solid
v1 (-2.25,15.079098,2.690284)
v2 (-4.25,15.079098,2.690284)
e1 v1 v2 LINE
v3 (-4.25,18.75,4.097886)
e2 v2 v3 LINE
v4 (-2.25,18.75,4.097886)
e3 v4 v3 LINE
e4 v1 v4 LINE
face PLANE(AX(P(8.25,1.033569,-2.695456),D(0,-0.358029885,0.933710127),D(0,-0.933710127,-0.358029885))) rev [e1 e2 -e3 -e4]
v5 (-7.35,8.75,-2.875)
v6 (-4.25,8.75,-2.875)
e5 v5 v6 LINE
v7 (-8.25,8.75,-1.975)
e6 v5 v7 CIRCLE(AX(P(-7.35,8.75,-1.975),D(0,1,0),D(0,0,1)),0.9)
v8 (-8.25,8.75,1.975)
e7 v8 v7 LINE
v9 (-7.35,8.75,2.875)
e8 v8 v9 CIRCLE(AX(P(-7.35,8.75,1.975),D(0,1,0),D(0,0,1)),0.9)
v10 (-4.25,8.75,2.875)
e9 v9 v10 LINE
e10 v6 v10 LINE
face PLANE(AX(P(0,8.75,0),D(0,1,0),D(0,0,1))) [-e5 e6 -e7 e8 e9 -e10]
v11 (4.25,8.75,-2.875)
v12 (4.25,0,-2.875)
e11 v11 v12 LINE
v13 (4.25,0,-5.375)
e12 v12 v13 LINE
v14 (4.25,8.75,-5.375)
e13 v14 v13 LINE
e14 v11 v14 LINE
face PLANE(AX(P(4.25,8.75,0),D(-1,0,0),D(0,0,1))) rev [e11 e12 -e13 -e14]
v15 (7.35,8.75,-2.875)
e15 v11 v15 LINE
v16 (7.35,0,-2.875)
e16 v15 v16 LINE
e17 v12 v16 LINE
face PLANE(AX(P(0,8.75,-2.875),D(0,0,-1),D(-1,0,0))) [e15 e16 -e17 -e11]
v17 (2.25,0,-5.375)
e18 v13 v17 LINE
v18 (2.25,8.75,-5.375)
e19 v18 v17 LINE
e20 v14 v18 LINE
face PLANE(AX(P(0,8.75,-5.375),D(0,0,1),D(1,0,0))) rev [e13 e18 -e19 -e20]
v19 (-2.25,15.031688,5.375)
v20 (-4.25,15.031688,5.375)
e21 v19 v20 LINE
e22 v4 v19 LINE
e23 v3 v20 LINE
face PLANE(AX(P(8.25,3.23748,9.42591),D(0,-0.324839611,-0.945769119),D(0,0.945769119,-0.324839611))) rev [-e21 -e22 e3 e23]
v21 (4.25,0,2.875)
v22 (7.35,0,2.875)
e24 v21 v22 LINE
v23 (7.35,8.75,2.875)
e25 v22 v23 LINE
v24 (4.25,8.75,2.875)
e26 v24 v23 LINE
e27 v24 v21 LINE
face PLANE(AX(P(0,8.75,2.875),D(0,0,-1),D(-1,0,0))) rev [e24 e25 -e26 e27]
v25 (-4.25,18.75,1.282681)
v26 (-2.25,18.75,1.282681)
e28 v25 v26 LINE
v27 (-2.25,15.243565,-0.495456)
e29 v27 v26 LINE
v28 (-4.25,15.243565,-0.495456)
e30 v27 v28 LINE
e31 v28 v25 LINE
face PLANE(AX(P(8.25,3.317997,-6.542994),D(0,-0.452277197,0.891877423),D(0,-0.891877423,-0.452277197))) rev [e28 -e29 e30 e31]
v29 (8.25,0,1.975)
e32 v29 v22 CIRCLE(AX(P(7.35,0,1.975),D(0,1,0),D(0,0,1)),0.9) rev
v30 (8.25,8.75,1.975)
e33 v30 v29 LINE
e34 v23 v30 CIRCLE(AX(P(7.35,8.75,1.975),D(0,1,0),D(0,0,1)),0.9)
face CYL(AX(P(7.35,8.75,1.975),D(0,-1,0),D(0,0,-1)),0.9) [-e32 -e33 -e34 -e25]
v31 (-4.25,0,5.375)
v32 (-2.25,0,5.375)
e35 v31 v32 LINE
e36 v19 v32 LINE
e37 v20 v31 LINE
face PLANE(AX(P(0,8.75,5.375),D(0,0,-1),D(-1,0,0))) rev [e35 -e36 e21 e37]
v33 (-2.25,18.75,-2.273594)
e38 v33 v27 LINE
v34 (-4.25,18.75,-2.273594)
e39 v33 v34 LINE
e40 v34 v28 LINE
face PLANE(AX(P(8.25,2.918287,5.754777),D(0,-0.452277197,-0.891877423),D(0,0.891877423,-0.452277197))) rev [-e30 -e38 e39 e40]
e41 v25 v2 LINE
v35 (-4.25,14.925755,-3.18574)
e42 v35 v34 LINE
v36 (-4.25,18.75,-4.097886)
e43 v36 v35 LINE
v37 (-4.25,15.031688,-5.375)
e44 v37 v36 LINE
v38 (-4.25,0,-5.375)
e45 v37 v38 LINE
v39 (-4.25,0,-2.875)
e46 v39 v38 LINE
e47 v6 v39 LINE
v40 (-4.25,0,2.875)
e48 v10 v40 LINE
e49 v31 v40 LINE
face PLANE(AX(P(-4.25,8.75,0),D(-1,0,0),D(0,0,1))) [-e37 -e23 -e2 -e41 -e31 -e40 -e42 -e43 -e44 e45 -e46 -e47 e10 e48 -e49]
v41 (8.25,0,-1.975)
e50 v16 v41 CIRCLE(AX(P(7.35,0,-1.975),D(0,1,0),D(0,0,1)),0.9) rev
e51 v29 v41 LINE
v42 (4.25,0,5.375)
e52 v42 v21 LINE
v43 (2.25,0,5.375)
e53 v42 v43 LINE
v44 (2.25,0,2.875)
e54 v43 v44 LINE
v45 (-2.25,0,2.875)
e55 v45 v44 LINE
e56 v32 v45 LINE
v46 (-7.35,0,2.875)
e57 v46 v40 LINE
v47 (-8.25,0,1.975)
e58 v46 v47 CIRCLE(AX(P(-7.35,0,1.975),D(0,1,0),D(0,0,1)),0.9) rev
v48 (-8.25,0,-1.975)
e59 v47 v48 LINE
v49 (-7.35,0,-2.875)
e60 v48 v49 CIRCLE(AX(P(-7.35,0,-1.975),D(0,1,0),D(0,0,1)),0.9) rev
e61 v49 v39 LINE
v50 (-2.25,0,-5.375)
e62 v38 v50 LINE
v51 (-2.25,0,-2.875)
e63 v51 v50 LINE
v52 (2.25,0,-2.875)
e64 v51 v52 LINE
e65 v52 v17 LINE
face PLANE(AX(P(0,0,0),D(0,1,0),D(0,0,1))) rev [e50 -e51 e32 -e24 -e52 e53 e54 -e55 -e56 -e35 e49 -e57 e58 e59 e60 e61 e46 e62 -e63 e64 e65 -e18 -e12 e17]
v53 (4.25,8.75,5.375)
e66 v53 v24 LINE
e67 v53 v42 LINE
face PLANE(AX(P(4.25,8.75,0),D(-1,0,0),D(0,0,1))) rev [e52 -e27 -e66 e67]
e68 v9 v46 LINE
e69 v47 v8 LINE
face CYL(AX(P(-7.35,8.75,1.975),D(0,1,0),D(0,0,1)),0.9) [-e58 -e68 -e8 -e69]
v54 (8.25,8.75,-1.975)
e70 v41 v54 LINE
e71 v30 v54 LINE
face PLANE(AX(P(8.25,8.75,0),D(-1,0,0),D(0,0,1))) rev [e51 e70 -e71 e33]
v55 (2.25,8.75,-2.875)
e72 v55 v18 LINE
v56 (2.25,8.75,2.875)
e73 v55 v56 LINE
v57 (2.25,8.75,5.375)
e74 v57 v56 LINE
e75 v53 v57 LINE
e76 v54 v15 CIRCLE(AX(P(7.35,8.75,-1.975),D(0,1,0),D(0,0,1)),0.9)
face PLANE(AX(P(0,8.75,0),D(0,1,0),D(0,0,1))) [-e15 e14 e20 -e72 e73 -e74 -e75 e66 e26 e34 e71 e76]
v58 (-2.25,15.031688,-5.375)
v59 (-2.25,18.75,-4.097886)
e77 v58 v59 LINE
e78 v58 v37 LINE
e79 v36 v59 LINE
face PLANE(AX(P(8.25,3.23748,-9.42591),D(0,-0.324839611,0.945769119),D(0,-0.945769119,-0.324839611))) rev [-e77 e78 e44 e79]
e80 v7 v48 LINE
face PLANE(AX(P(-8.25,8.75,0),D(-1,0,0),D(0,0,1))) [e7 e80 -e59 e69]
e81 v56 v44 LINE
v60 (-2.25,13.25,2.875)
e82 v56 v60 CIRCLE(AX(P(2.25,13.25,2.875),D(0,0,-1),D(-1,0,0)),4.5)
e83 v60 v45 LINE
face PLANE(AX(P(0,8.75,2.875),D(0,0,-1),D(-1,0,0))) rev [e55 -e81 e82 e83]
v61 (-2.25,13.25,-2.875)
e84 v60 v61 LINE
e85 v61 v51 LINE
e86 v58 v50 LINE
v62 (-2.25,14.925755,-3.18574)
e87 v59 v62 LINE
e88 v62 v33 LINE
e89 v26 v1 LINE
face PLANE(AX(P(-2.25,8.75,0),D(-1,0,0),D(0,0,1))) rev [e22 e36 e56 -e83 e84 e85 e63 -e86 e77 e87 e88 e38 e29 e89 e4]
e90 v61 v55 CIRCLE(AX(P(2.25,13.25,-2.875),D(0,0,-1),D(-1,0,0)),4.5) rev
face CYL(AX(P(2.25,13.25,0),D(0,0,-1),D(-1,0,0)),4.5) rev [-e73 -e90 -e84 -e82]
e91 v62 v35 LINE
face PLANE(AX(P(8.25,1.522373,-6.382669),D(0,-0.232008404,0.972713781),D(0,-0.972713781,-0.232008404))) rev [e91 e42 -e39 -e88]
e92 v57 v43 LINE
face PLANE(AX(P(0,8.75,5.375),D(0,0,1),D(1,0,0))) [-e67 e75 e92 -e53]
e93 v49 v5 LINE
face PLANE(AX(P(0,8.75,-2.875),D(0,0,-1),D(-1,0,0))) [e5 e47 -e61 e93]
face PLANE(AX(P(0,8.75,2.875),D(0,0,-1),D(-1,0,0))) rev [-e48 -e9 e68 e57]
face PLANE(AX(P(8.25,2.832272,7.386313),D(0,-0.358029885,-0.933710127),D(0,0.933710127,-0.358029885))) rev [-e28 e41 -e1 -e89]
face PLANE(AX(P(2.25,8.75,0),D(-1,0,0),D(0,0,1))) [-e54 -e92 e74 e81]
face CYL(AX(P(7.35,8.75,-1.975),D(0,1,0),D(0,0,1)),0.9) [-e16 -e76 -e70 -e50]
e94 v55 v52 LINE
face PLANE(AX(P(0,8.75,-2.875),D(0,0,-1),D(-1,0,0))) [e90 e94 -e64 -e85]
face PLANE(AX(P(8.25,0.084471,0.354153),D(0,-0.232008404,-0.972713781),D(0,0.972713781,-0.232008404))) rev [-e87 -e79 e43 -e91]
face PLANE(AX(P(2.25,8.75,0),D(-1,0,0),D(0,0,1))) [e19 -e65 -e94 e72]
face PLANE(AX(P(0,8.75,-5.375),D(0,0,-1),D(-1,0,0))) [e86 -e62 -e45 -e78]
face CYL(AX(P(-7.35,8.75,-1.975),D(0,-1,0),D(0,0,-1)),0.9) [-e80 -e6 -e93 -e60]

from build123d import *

# Parameters (mm, degrees)
SKETCH1_W           = 4
SKETCH1_H           = 5.75
SKETCH1_W_2         = 2
SKETCH1_H_2         = 2.5
SKETCH1_W_3         = 2.25
BOSS_EXTRUDE1_DEPTH = 8.75
FILLET1_R           = 0.9
SKETCH2_W           = 2
SKETCH2_H           = 10.75
BOSS_EXTRUDE2_DEPTH = 10
CUT_EXTRUDE1_DEPTH  = 13.5
FILLET2_R           = 4.5


with BuildPart() as part:
    # Sketch1 → Boss-Extrude1 (new body)
    with BuildSketch(Plane(origin=(0, 0, 0), x_dir=(1, 0, 0), z_dir=(0, 1, 0))):
        with Locations((-6.25, 0)):
            Rectangle(SKETCH1_W, SKETCH1_H)
        with Locations((-3.25, 4.125)):
            Rectangle(SKETCH1_W_2, SKETCH1_H_2)
        with Locations((-3.25, -4.125)):
            Rectangle(SKETCH1_W_2, SKETCH1_H_2)
        with Locations((-3.25, 0)):
            Rectangle(SKETCH1_W_2, SKETCH1_H)
        with Locations((-1.125, 0)):
            Rectangle(SKETCH1_W_3, SKETCH1_H)
        with Locations((1.125, 0)):
            Rectangle(SKETCH1_W_3, SKETCH1_H)
        with Locations((3.25, 4.125)):
            Rectangle(SKETCH1_W_2, SKETCH1_H_2)
        with Locations((6.25, 0)):
            Rectangle(SKETCH1_W, SKETCH1_H)
        with Locations((3.25, 0)):
            Rectangle(SKETCH1_W_2, SKETCH1_H)
        with Locations((3.25, -4.125)):
            Rectangle(SKETCH1_W_2, SKETCH1_H_2)
    extrude(amount=BOSS_EXTRUDE1_DEPTH)

    # Fillet1
    fillet1_edges = [part.edges().sort_by_distance(p)[0] for p in [
        (-8.25, 4.375, 2.875),
        (-8.25, 4.375, -2.875),
        (8.25, 4.375, -2.875),
        (8.25, 4.375, 2.875),
    ]]
    fillet(fillet1_edges, radius=FILLET1_R)

    # Sketch2 → Boss-Extrude2 (add)
    with BuildSketch(Plane(origin=(0, 8.75, 0), x_dir=(1, 0, 0), z_dir=(0, 1, 0))):
        with Locations((-3.25, 0)):
            Rectangle(SKETCH2_W, SKETCH2_H)
    extrude(amount=BOSS_EXTRUDE2_DEPTH)

    # Sketch3 → Cut-Extrude1 (cut, through all)
    with BuildSketch(Plane.ZY.offset(4.25)):
        Polygon((-5.375, 18.75), (-5.375, 15.031688137), (-4.097886003, 18.75), align=None)
        Polygon((-2.273593829, 18.75), (-4.097886003, 18.75), (-3.185739916, 14.925754612), align=None)
        Polygon((1.282681443, 18.75), (-2.273593829, 18.75), (-0.495456193, 15.243564513), align=None)
        Polygon((4.097886003, 18.75), (1.282681443, 18.75), (2.690283723, 15.079098327), align=None)
        Polygon((5.375, 18.75), (4.097886003, 18.75), (5.375, 15.031688137), align=None)
    extrude(amount=-CUT_EXTRUDE1_DEPTH, mode=Mode.SUBTRACT)

    # Fillet2
    fillet2_edges = [part.edges().sort_by_distance(p)[0] for p in [
        (-2.25, 8.75, 0),
    ]]
    fillet(fillet2_edges, radius=FILLET2_R)


solid = part.part
